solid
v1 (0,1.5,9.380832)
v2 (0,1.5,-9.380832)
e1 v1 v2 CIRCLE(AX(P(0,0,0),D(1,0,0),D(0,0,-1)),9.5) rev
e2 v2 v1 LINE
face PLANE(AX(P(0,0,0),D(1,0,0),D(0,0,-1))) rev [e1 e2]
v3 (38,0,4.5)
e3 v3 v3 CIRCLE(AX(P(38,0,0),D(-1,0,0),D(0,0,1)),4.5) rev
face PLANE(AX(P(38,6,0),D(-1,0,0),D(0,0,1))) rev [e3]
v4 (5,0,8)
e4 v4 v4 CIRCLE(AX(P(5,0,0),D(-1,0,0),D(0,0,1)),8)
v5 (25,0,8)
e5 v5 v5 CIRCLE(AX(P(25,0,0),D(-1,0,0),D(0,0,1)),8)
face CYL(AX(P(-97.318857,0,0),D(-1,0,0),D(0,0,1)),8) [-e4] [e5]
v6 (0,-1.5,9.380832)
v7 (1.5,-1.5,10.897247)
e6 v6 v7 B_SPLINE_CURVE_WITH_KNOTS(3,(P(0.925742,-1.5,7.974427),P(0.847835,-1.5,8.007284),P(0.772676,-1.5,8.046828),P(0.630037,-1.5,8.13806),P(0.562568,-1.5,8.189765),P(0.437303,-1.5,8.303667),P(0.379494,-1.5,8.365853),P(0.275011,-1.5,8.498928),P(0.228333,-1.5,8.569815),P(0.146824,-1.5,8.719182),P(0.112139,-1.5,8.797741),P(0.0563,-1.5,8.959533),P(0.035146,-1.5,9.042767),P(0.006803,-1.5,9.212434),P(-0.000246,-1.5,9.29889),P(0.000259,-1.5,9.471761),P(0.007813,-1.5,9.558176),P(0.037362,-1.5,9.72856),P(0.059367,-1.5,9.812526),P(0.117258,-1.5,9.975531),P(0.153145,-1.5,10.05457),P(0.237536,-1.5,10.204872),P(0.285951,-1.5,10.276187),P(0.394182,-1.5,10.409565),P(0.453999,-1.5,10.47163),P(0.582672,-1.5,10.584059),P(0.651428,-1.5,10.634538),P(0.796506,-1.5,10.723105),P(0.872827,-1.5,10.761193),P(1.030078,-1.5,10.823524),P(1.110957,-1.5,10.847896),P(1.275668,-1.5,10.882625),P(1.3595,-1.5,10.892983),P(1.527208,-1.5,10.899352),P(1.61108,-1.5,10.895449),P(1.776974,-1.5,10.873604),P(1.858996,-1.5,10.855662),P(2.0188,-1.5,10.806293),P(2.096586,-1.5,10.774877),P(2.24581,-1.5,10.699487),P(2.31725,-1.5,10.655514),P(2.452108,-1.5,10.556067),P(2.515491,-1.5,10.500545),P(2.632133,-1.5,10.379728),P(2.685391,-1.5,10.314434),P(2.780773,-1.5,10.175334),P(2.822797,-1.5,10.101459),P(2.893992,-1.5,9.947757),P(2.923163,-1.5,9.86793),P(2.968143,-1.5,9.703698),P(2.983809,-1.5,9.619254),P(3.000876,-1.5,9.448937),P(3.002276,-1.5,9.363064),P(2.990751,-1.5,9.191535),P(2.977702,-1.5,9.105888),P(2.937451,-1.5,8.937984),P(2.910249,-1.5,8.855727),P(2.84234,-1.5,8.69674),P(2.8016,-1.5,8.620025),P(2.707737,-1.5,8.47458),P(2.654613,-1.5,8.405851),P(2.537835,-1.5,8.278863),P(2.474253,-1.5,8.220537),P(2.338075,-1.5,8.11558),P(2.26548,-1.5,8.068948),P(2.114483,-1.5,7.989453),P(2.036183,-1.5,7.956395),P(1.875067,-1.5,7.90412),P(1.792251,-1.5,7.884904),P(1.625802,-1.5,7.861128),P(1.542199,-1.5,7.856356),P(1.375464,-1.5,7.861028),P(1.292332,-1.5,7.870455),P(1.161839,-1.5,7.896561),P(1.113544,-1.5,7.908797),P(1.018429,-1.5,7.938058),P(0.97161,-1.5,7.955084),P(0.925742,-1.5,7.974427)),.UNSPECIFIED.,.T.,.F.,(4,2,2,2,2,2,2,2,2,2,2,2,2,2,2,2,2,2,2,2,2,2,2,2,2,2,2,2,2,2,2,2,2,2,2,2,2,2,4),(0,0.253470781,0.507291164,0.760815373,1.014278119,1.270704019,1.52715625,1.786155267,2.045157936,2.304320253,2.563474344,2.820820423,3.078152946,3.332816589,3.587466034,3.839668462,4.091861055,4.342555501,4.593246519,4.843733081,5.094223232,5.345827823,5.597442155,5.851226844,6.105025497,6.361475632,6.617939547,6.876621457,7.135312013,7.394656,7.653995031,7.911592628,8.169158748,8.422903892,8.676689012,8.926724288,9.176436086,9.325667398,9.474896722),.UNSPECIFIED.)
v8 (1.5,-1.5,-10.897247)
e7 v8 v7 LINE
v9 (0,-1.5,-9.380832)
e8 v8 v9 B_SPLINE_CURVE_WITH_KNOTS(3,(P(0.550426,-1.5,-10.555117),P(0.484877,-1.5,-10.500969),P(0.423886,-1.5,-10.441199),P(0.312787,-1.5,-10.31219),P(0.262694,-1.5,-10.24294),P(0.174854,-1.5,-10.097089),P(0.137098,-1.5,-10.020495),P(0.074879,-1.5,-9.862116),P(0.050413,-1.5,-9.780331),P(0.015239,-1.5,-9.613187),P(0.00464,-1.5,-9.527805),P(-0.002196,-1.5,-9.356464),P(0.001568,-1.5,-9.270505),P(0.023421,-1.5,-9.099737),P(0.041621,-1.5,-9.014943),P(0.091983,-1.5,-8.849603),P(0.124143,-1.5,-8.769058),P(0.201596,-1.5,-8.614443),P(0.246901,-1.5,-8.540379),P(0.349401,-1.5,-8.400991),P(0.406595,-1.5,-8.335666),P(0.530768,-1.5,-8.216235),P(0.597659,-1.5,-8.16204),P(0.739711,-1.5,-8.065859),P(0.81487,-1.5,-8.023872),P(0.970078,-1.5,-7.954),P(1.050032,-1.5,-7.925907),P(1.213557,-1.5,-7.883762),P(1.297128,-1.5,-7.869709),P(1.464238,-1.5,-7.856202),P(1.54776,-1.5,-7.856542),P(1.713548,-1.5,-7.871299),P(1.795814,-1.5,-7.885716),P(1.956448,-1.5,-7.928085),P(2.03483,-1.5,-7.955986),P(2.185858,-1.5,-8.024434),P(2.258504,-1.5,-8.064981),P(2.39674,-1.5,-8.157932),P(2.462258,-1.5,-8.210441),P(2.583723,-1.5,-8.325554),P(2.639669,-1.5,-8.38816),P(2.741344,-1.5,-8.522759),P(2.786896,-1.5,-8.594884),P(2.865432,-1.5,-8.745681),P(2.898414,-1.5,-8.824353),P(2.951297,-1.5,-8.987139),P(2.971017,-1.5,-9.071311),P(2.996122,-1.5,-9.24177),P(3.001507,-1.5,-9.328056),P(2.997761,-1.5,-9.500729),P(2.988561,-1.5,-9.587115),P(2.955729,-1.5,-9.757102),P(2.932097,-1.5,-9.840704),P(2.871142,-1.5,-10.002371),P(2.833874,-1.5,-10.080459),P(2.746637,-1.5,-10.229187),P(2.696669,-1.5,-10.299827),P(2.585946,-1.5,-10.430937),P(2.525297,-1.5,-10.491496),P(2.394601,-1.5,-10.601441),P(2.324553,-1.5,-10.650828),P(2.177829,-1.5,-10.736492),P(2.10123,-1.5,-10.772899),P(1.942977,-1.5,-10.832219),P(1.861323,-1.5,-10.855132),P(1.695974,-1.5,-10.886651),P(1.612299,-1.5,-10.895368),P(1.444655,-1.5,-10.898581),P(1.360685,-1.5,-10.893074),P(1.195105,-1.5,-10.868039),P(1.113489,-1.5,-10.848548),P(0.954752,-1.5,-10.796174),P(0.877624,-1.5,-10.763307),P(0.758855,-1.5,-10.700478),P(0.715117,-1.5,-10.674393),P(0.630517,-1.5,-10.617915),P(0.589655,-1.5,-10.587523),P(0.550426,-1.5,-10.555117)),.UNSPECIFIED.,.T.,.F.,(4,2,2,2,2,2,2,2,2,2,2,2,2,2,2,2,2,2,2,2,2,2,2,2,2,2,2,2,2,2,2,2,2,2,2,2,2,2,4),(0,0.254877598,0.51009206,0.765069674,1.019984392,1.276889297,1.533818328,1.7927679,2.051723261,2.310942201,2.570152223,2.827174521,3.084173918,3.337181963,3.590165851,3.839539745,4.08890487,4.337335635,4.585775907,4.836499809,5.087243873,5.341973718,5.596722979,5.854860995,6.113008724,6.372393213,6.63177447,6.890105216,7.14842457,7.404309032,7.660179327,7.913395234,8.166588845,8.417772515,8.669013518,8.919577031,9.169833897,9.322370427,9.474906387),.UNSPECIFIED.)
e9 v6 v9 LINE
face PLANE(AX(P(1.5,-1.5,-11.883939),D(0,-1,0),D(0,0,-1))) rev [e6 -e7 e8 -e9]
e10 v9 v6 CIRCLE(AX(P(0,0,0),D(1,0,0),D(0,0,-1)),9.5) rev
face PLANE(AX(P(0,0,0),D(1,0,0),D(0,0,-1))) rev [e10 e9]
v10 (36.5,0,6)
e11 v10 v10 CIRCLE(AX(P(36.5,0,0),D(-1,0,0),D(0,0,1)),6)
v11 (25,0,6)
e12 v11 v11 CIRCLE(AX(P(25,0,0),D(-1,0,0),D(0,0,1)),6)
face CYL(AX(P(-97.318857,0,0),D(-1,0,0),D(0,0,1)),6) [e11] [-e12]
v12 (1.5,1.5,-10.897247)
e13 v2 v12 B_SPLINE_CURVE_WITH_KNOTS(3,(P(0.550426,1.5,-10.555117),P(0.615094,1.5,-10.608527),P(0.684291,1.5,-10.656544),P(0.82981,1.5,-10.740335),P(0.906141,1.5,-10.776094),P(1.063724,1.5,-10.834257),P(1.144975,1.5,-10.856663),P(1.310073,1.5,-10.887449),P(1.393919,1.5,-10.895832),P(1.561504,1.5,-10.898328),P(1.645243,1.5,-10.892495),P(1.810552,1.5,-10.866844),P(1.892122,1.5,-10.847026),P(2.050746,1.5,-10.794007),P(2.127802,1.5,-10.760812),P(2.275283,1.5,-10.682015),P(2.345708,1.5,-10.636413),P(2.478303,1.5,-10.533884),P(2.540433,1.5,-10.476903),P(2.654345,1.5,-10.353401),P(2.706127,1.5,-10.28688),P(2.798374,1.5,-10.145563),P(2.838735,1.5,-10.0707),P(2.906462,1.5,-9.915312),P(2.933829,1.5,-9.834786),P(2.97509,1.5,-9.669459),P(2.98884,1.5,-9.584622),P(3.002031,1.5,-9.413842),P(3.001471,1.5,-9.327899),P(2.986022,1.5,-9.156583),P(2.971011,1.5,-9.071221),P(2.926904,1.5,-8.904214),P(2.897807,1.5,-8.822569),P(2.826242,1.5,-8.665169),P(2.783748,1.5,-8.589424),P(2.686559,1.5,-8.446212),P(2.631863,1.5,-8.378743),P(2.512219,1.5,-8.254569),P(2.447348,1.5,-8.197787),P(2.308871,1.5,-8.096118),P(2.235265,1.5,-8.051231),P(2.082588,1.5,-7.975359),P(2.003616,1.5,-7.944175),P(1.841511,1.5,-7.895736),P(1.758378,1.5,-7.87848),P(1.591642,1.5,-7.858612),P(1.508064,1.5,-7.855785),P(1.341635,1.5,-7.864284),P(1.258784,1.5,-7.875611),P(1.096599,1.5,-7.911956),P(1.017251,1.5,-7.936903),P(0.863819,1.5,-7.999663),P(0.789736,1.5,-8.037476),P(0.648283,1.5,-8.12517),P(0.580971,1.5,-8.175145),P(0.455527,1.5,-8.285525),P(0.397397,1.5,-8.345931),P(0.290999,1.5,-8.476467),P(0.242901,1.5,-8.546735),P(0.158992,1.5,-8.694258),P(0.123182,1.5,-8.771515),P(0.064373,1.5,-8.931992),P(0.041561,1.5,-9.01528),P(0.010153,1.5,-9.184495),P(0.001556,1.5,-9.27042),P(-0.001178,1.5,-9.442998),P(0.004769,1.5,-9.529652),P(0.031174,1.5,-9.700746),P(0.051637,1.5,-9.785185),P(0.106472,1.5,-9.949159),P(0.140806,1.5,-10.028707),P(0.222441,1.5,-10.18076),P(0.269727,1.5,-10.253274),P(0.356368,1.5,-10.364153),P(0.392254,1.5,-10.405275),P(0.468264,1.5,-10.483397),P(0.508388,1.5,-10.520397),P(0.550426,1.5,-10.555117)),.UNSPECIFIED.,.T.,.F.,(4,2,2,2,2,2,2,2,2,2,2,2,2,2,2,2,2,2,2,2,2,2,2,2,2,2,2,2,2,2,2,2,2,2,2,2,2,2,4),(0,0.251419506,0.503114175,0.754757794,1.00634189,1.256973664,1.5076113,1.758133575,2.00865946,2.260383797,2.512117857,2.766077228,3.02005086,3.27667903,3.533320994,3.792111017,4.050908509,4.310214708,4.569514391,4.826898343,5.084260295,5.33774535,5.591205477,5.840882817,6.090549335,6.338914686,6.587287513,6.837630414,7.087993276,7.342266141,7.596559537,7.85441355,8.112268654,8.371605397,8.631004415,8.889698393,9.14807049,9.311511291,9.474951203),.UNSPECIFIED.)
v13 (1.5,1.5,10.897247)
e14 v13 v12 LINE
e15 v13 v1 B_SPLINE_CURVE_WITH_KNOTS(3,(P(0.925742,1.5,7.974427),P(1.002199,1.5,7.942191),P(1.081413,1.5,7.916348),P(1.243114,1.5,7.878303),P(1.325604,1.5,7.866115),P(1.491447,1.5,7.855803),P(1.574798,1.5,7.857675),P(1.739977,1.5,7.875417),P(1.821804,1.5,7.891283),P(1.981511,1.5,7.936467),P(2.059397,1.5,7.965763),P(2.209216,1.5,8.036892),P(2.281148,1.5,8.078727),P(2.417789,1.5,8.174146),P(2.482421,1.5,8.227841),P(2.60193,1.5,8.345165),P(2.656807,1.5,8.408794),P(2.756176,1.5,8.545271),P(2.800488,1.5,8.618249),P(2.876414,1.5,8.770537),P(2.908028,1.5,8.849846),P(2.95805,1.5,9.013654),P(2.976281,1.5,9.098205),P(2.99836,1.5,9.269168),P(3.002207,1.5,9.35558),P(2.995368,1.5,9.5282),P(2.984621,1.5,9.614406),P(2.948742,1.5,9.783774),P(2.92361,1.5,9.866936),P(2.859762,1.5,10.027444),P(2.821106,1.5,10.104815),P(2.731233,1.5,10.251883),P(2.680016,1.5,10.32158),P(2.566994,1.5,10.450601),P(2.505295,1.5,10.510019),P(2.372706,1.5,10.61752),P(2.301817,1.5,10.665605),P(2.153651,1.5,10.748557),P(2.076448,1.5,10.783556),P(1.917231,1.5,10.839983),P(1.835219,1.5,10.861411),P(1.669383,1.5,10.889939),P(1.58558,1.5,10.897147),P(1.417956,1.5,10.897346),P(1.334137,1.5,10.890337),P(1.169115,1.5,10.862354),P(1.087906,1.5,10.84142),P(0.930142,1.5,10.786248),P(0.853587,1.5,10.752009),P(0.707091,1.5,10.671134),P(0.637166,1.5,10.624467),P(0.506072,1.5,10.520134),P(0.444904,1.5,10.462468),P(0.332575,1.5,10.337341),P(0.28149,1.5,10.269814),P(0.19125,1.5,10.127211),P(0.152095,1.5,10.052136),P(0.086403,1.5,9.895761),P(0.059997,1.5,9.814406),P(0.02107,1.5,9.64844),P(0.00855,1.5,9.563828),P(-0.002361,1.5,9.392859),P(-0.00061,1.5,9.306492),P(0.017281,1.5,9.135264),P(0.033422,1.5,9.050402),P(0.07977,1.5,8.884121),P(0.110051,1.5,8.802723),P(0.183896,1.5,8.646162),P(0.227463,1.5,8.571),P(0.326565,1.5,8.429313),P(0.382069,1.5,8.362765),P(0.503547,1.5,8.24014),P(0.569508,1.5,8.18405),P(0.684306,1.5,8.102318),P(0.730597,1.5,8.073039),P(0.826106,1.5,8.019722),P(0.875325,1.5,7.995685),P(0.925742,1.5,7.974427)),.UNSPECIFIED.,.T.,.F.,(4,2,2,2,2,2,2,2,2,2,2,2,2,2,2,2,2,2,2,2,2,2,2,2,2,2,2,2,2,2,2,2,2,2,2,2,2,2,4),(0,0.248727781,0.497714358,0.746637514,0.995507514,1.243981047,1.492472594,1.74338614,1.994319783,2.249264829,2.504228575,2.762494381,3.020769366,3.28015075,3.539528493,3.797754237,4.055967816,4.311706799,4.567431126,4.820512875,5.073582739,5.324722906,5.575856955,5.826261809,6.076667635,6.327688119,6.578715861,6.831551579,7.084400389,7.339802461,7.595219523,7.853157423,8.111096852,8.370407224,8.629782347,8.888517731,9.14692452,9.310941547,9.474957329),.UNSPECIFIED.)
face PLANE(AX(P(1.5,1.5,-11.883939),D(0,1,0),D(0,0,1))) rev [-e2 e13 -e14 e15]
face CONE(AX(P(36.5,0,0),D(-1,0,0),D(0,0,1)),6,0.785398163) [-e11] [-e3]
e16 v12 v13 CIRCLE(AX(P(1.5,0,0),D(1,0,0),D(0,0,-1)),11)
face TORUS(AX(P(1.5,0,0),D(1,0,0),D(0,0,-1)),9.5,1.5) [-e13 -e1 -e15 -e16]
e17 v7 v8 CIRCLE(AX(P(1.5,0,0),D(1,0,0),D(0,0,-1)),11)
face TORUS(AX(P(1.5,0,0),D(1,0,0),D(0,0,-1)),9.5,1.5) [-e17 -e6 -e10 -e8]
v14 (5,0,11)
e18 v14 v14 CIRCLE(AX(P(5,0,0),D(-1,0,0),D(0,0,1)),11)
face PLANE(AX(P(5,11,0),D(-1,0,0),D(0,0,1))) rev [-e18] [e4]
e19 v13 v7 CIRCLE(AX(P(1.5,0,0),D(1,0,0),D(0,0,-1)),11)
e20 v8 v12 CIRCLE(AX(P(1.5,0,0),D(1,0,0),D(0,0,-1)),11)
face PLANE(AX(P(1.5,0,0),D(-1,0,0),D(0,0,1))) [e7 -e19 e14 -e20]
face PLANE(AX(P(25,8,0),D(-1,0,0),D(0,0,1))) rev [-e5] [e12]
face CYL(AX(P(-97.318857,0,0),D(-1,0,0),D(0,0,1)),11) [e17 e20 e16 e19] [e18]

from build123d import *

# Parameters (mm, degrees)
CHAMFER1_SIZE      = 1.5
FILLET1_R          = 1.5
SKETCH3_W          = 23.767877036
SKETCH3_H          = 3
CUT_EXTRUDE1_DEPTH = 1.5


with BuildPart() as part:
    # Sketch1 → Revolve1 (revolve)
    with BuildSketch(Plane.XY):
        Polygon((0, 0), (0, 11), (5, 11), (5, 8), (25, 8), (25, 6), (38, 6), (38, 0), align=None)
    revolve(axis=Axis((-97.318857056, 0, 0), (1, 0, 0)))

    # Chamfer1
    chamfer1_edges = [part.edges().sort_by_distance(p)[0] for p in [
        (38, -6, 0),
    ]]
    chamfer(chamfer1_edges, length=CHAMFER1_SIZE)

    # Fillet1
    fillet1_edges = [part.edges().sort_by_distance(p)[0] for p in [
        (0, -11, 0),
    ]]
    fillet(fillet1_edges, radius=FILLET1_R)

    # Sketch3 → Cut-Extrude1 (cut)
    with BuildSketch(Plane.ZY):
        Rectangle(SKETCH3_W, SKETCH3_H)
    extrude(amount=-CUT_EXTRUDE1_DEPTH, mode=Mode.SUBTRACT)


solid = part.part
